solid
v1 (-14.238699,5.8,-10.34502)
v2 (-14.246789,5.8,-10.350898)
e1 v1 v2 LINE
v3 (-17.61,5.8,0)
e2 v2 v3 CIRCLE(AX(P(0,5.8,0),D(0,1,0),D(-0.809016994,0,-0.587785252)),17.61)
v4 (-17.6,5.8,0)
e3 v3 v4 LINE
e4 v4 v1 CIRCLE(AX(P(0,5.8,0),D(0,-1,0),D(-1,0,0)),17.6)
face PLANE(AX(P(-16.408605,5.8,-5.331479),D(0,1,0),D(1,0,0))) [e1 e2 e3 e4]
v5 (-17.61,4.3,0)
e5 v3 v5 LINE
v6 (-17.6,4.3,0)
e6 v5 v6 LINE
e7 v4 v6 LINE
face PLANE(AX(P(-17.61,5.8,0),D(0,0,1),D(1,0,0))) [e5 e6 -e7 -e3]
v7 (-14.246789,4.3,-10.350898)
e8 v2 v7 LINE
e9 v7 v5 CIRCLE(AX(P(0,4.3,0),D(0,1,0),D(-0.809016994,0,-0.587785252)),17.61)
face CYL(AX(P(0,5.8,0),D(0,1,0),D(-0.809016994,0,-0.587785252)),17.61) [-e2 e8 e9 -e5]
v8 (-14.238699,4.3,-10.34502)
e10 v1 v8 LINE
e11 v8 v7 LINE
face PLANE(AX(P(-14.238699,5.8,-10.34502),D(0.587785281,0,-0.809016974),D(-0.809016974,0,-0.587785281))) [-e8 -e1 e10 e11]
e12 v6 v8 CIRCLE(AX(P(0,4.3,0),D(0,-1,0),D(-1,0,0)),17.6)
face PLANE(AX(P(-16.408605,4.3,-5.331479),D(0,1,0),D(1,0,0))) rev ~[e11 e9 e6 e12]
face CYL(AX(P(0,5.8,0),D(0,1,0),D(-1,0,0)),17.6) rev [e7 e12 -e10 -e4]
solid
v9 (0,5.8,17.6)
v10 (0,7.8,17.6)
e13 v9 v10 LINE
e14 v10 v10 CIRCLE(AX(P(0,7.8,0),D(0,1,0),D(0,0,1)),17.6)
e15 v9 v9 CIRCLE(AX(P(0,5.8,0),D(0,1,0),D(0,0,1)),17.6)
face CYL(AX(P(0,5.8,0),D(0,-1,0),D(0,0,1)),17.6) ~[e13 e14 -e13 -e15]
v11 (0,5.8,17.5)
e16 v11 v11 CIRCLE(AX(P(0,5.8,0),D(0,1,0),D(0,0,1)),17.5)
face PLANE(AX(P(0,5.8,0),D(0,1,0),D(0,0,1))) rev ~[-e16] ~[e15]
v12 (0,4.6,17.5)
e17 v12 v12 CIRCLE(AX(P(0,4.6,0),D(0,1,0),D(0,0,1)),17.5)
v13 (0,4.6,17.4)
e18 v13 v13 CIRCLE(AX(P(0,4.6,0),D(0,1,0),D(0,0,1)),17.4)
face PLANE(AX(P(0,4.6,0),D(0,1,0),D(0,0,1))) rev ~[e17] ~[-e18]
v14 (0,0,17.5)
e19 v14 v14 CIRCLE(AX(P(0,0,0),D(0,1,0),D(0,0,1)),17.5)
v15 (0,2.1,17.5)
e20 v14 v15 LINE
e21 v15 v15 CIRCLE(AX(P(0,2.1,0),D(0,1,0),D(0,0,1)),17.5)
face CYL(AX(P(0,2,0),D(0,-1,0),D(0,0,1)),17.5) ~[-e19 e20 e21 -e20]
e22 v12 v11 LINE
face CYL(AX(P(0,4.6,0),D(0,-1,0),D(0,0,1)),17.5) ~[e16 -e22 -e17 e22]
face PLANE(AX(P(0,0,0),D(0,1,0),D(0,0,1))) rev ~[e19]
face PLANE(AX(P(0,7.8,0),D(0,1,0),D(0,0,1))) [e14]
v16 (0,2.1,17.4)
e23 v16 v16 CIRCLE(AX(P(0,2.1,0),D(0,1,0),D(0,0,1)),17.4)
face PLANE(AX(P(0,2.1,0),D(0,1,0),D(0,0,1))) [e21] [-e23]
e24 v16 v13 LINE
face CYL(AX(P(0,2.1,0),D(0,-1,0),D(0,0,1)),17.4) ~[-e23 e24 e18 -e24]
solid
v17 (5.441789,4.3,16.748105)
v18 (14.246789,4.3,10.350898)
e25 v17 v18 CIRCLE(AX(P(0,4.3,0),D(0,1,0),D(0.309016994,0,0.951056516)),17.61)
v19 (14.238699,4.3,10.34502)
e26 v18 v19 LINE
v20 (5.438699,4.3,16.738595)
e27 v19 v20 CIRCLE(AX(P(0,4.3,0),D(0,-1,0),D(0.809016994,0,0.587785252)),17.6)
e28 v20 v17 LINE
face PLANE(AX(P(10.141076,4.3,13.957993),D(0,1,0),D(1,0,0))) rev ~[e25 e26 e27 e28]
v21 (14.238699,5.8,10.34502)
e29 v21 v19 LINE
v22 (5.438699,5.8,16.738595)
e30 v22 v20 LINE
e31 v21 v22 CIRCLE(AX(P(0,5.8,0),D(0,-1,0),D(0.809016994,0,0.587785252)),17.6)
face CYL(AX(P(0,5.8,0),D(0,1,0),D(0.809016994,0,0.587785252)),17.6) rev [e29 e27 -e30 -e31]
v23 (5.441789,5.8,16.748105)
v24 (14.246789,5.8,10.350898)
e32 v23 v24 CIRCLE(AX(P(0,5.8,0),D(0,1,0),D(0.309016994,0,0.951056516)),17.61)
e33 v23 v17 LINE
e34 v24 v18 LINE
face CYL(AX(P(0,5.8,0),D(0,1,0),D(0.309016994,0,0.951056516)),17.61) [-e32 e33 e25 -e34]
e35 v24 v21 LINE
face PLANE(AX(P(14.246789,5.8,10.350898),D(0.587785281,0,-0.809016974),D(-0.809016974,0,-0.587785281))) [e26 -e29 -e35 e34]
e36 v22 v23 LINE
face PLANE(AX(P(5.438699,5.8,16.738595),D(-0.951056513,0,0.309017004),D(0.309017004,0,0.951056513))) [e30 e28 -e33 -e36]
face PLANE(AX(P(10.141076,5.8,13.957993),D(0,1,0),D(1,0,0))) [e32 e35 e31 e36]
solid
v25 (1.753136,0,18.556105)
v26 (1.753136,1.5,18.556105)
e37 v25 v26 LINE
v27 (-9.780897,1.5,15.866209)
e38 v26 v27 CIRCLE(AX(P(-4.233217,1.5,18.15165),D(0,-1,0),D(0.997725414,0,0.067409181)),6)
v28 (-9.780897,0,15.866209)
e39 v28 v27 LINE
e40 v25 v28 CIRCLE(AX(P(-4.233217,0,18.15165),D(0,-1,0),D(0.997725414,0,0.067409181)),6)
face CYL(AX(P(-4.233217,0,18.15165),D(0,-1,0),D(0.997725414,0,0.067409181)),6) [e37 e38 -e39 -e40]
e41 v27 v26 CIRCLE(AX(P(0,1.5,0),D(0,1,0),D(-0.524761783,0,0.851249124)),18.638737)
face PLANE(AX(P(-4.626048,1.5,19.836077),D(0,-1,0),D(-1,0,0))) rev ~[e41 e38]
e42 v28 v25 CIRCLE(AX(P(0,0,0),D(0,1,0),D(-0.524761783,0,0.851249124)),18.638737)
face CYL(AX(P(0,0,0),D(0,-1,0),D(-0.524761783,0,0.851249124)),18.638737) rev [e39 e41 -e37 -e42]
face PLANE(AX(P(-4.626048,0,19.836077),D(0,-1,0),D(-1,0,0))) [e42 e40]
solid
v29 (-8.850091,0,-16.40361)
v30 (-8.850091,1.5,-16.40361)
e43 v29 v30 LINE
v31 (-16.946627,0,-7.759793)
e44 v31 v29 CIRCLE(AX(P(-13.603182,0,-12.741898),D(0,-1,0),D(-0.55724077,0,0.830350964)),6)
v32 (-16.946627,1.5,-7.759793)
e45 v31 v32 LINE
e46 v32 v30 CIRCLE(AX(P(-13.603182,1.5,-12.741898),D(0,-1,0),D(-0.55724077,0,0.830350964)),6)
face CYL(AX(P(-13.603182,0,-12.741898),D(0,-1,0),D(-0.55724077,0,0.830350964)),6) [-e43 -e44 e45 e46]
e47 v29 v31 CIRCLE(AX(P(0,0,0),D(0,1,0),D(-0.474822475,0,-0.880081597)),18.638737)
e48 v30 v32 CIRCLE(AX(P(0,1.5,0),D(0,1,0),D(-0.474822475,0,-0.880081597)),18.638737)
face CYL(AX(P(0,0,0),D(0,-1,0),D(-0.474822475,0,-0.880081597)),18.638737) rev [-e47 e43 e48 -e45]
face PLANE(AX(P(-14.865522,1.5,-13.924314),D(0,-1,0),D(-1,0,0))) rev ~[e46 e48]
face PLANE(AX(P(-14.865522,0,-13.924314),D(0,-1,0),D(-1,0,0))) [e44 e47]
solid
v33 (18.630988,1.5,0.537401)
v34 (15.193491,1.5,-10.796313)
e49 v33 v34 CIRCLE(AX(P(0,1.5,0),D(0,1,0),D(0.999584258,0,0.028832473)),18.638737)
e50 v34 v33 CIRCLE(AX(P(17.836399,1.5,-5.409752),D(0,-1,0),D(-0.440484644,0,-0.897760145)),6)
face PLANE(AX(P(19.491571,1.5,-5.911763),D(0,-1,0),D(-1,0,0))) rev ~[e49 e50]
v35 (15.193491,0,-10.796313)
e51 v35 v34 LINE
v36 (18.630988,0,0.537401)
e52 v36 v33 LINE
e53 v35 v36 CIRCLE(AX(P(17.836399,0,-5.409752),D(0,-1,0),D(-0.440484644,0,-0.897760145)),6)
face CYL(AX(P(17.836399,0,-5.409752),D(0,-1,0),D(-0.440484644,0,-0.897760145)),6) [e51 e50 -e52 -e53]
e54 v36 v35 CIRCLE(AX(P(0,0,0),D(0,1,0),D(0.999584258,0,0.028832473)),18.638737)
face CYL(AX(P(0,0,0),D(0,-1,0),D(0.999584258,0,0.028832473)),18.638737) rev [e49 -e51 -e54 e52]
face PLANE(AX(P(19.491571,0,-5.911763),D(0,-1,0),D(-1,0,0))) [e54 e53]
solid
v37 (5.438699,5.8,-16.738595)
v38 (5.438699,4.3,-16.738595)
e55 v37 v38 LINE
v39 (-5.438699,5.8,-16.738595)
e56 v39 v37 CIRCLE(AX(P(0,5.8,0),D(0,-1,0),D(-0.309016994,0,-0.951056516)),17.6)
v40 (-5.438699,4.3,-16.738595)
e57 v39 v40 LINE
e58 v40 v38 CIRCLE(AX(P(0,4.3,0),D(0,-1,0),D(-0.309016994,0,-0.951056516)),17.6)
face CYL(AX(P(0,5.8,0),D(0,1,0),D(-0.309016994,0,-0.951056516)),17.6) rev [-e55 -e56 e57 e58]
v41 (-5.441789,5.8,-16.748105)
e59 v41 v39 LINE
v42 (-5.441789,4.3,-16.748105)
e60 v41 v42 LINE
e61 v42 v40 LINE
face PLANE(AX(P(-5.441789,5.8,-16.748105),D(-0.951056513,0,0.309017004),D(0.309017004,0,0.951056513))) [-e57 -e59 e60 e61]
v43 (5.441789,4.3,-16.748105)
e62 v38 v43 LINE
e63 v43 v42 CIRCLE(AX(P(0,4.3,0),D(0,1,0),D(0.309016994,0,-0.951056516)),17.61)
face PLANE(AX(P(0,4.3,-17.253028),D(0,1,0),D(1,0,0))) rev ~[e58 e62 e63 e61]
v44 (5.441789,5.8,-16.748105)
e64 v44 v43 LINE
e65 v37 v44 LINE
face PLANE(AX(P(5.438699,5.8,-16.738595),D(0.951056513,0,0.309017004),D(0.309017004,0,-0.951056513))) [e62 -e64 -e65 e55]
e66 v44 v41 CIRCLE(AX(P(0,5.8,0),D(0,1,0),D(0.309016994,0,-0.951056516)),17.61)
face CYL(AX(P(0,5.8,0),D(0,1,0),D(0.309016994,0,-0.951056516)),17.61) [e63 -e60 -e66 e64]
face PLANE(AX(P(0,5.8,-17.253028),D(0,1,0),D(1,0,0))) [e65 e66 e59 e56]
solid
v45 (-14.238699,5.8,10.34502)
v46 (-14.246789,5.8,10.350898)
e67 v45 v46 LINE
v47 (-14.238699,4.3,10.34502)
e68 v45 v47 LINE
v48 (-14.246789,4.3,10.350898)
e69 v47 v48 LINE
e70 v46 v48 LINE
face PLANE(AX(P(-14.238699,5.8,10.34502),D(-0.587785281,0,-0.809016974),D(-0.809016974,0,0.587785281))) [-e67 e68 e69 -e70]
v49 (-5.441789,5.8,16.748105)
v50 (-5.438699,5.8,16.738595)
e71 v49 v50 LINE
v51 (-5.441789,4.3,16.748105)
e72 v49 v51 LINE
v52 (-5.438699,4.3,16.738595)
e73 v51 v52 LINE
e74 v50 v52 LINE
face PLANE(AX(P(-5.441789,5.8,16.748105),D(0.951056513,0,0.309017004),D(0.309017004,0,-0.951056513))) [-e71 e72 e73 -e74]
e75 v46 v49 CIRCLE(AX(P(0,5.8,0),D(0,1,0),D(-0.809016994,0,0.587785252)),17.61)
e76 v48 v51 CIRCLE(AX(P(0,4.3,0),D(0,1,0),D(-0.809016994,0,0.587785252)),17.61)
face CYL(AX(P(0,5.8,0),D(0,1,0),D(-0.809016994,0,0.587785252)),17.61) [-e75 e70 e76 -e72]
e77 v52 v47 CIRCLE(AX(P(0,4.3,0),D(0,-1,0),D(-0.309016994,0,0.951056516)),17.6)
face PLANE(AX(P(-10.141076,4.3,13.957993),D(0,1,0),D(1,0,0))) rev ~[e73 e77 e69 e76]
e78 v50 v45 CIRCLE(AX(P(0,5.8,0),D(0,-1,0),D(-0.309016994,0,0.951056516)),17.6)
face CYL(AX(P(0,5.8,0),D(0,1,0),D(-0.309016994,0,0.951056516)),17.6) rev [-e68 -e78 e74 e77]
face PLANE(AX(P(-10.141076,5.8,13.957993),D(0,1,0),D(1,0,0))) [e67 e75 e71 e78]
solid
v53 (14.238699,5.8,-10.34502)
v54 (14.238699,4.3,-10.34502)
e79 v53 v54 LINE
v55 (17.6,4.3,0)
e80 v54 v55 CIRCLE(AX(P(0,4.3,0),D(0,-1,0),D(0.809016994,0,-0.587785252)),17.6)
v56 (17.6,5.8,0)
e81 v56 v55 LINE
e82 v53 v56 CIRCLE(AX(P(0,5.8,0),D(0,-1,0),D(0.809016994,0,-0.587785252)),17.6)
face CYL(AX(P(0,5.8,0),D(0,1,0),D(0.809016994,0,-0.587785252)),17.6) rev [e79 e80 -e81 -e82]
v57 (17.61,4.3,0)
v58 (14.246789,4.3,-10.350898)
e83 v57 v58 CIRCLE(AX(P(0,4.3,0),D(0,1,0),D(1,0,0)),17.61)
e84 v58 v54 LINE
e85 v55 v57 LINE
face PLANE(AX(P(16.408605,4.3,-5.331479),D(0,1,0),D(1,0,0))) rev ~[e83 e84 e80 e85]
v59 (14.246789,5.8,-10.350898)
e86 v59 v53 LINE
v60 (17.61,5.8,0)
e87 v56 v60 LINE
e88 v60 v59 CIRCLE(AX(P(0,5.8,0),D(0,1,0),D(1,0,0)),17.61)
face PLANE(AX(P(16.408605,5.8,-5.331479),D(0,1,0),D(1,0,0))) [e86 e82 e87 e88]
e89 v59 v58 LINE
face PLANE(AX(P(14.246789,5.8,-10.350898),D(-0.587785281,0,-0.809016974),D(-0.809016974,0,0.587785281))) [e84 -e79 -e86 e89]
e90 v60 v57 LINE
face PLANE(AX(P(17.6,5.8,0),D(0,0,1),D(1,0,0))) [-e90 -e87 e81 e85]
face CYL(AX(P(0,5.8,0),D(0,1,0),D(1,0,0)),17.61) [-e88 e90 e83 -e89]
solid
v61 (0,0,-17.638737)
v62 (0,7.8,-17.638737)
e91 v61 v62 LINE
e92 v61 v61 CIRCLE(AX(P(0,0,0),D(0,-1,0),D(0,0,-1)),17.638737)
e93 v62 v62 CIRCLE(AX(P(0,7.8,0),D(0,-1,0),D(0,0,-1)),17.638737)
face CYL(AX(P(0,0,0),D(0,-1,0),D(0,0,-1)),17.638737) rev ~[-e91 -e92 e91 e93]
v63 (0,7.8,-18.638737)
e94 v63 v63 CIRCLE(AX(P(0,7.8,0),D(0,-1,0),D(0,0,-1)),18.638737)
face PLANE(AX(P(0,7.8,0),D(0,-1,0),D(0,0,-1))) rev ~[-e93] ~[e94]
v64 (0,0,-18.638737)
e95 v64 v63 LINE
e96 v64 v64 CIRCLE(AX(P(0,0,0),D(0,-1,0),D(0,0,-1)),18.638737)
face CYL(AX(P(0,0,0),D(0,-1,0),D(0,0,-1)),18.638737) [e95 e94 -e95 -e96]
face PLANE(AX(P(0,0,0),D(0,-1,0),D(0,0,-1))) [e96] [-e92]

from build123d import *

# Parameters (mm, degrees)
SKETCH1_R             = 17.5
BOSS_EXTRUDE1_DEPTH   = 2
SKETCH2_R             = 17.5
BOSS_EXTRUDE2_DEPTH   = 0.1
SKETCH3_R             = 17.4
BOSS_EXTRUDE3_DEPTH   = 2.5
SKETCH4_R             = 17.5
BOSS_EXTRUDE4_DEPTH   = 1.2
SKETCH5_R             = 17.6
BOSS_EXTRUDE5_DEPTH   = 2
SKETCH6_R             = 18.638737407
SKETCH6_R_2           = 17.638737407
BOSS_EXTRUDE7_DEPTH   = 7.8
BOSS_EXTRUDE8_DEPTH   = 1.5
BOSS_EXTRUDE8_2_DEPTH = 1.5
BOSS_EXTRUDE8_3_DEPTH = 1.5
BOSS_EXTRUDE9_START   = -2
BOSS_EXTRUDE9_DEPTH   = 1.5
BOSS_EXTRUDE9_2_DEPTH = 1.5
BOSS_EXTRUDE9_3_DEPTH = 1.5
BOSS_EXTRUDE9_4_DEPTH = 1.5
BOSS_EXTRUDE9_5_DEPTH = 1.5


with BuildPart() as part:
    # Sketch1 → Boss-Extrude1 (new body)
    with BuildSketch(Plane(origin=(0, 0, 0), x_dir=(1, 0, 0), z_dir=(0, 1, 0))):
        with Locations(Location((0, 0, 0), (0, 0, 270))):
            Circle(SKETCH1_R)
    extrude(amount=BOSS_EXTRUDE1_DEPTH)

    # Sketch2 → Boss-Extrude2 (add)
    with BuildSketch(Plane(origin=(0, 2, 0), x_dir=(1, 0, 0), z_dir=(0, 1, 0))):
        with Locations(Location((0, 0, 0), (0, 0, 270))):
            Circle(SKETCH2_R)
    extrude(amount=BOSS_EXTRUDE2_DEPTH)

    # Sketch3 → Boss-Extrude3 (add)
    with BuildSketch(Plane(origin=(0, 2.1, 0), x_dir=(1, 0, 0), z_dir=(0, 1, 0))):
        with Locations(Location((0, 0, 0), (0, 0, 270))):
            Circle(SKETCH3_R)
    extrude(amount=BOSS_EXTRUDE3_DEPTH)

    # Sketch4 → Boss-Extrude4 (add)
    with BuildSketch(Plane(origin=(0, 4.6, 0), x_dir=(1, 0, 0), z_dir=(0, 1, 0))):
        with Locations(Location((0, 0, 0), (0, 0, 270))):
            Circle(SKETCH4_R)
    extrude(amount=BOSS_EXTRUDE4_DEPTH)

    # Sketch5 → Boss-Extrude5 (add)
    with BuildSketch(Plane(origin=(0, 5.8, 0), x_dir=(1, 0, 0), z_dir=(0, 1, 0))):
        with Locations(Location((0, 0, 0), (0, 0, 270))):
            Circle(SKETCH5_R)
    extrude(amount=BOSS_EXTRUDE5_DEPTH)


with BuildPart() as body_2:
    # Sketch6 → Boss-Extrude7 (new body)
    with BuildSketch(Plane.XZ):
        with Locations(Location((0, 0, 0), (0, 0, 270))):
            Circle(SKETCH6_R)
        with Locations(Location((0, 0, 0), (0, 0, 270))):
            Circle(SKETCH6_R_2, mode=Mode.SUBTRACT)
    extrude(amount=-BOSS_EXTRUDE7_DEPTH)


with BuildPart() as body_3:
    # Sketch7 → Boss-Extrude8 (new body)
    with BuildSketch(Plane(origin=(0, 0, 0), x_dir=(-1, 0, 0), z_dir=(0, -1, 0))):
        with BuildLine():
            ThreePointArc((16.946626552, 7.759792564), (17.982185174, 16.843645609), (8.850091423, 16.403609784))
            ThreePointArc((8.850091423, 16.403609784), (13.603181929, 12.741898349), (16.946626552, 7.759792564))
        make_face()
    extrude(amount=-BOSS_EXTRUDE8_DEPTH)


with BuildPart() as body_4:
    # Sketch7 → Boss-Extrude8 2 (new body)
    with BuildSketch(Plane(origin=(0, 0, 0), x_dir=(-1, 0, 0), z_dir=(0, -1, 0))):
        with BuildLine():
            ThreePointArc((-18.630988498, -0.537400894), (-17.836398627, 5.409751949), (-15.193490764, 10.796312821))
            ThreePointArc((-15.193490764, 10.796312821), (-23.578117576, 7.151206371), (-18.630988498, -0.537400894))
        make_face()
    extrude(amount=-BOSS_EXTRUDE8_2_DEPTH)


with BuildPart() as body_5:
    # Sketch7 → Boss-Extrude8 3 (new body)
    with BuildSketch(Plane(origin=(0, 0, 0), x_dir=(-1, 0, 0), z_dir=(0, -1, 0))):
        with BuildLine():
            ThreePointArc((-1.753135788, -18.556105384), (5.595932403, -23.99485198), (9.780897075, -15.86620889))
            ThreePointArc((9.780897075, -15.86620889), (4.233216698, -18.151650297), (-1.753135788, -18.556105384))
        make_face()
    extrude(amount=-BOSS_EXTRUDE8_3_DEPTH)


with BuildPart() as body_6:
    # Sketch9 → Boss-Extrude9 (new body)
    with BuildSketch(Plane(origin=(0, 7.8, 0), x_dir=(1, 0, 0), z_dir=(0, 1, 0)).offset(BOSS_EXTRUDE9_START)):
        with BuildLine():
            Line((-17.61, 0), (-17.6, 0))
            ThreePointArc((-17.6, 0), (-16.738594687, 5.438699101), (-14.238699101, 10.34502044))
            Line((-14.238699101, 10.34502044), (-14.246789271, 10.350898293))
            ThreePointArc((-14.246789271, 10.350898293), (-16.748105252, 5.441789271), (-17.61, 0))
        make_face()
    extrude(amount=-BOSS_EXTRUDE9_DEPTH)


with BuildPart() as body_7:
    # Sketch9 → Boss-Extrude9 2 (new body)
    with BuildSketch(Plane(origin=(0, 7.8, 0), x_dir=(1, 0, 0), z_dir=(0, 1, 0)).offset(BOSS_EXTRUDE9_START)):
        with BuildLine():
            Line((-5.441789271, 16.748105252), (-5.438699101, 16.738594687))
            ThreePointArc((-5.438699101, 16.738594687), (0, 17.6), (5.438699101, 16.738594687))
            Line((5.438699101, 16.738594687), (5.441789271, 16.748105252))
            ThreePointArc((5.441789271, 16.748105252), (0, 17.61), (-5.441789271, 16.748105252))
        make_face()
    extrude(amount=-BOSS_EXTRUDE9_2_DEPTH)


with BuildPart() as body_8:
    # Sketch9 → Boss-Extrude9 3 (new body)
    with BuildSketch(Plane(origin=(0, 7.8, 0), x_dir=(1, 0, 0), z_dir=(0, 1, 0)).offset(BOSS_EXTRUDE9_START)):
        with BuildLine():
            Line((14.246789271, 10.350898293), (14.238699101, 10.34502044))
            ThreePointArc((14.238699101, 10.34502044), (16.738594687, 5.438699101), (17.6, 0))
            Line((17.6, 0), (17.61, 0))
            ThreePointArc((17.61, 0), (16.748105252, 5.441789271), (14.246789271, 10.350898293))
        make_face()
    extrude(amount=-BOSS_EXTRUDE9_3_DEPTH)


with BuildPart() as body_9:
    # Sketch9 → Boss-Extrude9 4 (new body)
    with BuildSketch(Plane(origin=(0, 7.8, 0), x_dir=(1, 0, 0), z_dir=(0, 1, 0)).offset(BOSS_EXTRUDE9_START)):
        with BuildLine():
            Line((14.246789271, -10.350898293), (14.238699101, -10.34502044))
            ThreePointArc((14.238699101, -10.34502044), (10.34502044, -14.238699101), (5.438699101, -16.738594687))
            Line((5.438699101, -16.738594687), (5.441789271, -16.748105252))
            ThreePointArc((5.441789271, -16.748105252), (10.350898293, -14.246789271), (14.246789271, -10.350898293))
        make_face()
    extrude(amount=-BOSS_EXTRUDE9_4_DEPTH)


with BuildPart() as body_10:
    # Sketch9 → Boss-Extrude9 5 (new body)
    with BuildSketch(Plane(origin=(0, 7.8, 0), x_dir=(1, 0, 0), z_dir=(0, 1, 0)).offset(BOSS_EXTRUDE9_START)):
        with BuildLine():
            Line((-5.441789271, -16.748105252), (-5.438699101, -16.738594687))
            ThreePointArc((-5.438699101, -16.738594687), (-10.34502044, -14.238699101), (-14.238699101, -10.34502044))
            Line((-14.238699101, -10.34502044), (-14.246789271, -10.350898293))
            ThreePointArc((-14.246789271, -10.350898293), (-10.350898293, -14.246789271), (-5.441789271, -16.748105252))
        make_face()
    extrude(amount=-BOSS_EXTRUDE9_5_DEPTH)


solid = Compound([part.part, body_2.part, body_3.part, body_4.part, body_5.part, body_6.part, body_7.part, body_8.part, body_9.part, body_10.part])
